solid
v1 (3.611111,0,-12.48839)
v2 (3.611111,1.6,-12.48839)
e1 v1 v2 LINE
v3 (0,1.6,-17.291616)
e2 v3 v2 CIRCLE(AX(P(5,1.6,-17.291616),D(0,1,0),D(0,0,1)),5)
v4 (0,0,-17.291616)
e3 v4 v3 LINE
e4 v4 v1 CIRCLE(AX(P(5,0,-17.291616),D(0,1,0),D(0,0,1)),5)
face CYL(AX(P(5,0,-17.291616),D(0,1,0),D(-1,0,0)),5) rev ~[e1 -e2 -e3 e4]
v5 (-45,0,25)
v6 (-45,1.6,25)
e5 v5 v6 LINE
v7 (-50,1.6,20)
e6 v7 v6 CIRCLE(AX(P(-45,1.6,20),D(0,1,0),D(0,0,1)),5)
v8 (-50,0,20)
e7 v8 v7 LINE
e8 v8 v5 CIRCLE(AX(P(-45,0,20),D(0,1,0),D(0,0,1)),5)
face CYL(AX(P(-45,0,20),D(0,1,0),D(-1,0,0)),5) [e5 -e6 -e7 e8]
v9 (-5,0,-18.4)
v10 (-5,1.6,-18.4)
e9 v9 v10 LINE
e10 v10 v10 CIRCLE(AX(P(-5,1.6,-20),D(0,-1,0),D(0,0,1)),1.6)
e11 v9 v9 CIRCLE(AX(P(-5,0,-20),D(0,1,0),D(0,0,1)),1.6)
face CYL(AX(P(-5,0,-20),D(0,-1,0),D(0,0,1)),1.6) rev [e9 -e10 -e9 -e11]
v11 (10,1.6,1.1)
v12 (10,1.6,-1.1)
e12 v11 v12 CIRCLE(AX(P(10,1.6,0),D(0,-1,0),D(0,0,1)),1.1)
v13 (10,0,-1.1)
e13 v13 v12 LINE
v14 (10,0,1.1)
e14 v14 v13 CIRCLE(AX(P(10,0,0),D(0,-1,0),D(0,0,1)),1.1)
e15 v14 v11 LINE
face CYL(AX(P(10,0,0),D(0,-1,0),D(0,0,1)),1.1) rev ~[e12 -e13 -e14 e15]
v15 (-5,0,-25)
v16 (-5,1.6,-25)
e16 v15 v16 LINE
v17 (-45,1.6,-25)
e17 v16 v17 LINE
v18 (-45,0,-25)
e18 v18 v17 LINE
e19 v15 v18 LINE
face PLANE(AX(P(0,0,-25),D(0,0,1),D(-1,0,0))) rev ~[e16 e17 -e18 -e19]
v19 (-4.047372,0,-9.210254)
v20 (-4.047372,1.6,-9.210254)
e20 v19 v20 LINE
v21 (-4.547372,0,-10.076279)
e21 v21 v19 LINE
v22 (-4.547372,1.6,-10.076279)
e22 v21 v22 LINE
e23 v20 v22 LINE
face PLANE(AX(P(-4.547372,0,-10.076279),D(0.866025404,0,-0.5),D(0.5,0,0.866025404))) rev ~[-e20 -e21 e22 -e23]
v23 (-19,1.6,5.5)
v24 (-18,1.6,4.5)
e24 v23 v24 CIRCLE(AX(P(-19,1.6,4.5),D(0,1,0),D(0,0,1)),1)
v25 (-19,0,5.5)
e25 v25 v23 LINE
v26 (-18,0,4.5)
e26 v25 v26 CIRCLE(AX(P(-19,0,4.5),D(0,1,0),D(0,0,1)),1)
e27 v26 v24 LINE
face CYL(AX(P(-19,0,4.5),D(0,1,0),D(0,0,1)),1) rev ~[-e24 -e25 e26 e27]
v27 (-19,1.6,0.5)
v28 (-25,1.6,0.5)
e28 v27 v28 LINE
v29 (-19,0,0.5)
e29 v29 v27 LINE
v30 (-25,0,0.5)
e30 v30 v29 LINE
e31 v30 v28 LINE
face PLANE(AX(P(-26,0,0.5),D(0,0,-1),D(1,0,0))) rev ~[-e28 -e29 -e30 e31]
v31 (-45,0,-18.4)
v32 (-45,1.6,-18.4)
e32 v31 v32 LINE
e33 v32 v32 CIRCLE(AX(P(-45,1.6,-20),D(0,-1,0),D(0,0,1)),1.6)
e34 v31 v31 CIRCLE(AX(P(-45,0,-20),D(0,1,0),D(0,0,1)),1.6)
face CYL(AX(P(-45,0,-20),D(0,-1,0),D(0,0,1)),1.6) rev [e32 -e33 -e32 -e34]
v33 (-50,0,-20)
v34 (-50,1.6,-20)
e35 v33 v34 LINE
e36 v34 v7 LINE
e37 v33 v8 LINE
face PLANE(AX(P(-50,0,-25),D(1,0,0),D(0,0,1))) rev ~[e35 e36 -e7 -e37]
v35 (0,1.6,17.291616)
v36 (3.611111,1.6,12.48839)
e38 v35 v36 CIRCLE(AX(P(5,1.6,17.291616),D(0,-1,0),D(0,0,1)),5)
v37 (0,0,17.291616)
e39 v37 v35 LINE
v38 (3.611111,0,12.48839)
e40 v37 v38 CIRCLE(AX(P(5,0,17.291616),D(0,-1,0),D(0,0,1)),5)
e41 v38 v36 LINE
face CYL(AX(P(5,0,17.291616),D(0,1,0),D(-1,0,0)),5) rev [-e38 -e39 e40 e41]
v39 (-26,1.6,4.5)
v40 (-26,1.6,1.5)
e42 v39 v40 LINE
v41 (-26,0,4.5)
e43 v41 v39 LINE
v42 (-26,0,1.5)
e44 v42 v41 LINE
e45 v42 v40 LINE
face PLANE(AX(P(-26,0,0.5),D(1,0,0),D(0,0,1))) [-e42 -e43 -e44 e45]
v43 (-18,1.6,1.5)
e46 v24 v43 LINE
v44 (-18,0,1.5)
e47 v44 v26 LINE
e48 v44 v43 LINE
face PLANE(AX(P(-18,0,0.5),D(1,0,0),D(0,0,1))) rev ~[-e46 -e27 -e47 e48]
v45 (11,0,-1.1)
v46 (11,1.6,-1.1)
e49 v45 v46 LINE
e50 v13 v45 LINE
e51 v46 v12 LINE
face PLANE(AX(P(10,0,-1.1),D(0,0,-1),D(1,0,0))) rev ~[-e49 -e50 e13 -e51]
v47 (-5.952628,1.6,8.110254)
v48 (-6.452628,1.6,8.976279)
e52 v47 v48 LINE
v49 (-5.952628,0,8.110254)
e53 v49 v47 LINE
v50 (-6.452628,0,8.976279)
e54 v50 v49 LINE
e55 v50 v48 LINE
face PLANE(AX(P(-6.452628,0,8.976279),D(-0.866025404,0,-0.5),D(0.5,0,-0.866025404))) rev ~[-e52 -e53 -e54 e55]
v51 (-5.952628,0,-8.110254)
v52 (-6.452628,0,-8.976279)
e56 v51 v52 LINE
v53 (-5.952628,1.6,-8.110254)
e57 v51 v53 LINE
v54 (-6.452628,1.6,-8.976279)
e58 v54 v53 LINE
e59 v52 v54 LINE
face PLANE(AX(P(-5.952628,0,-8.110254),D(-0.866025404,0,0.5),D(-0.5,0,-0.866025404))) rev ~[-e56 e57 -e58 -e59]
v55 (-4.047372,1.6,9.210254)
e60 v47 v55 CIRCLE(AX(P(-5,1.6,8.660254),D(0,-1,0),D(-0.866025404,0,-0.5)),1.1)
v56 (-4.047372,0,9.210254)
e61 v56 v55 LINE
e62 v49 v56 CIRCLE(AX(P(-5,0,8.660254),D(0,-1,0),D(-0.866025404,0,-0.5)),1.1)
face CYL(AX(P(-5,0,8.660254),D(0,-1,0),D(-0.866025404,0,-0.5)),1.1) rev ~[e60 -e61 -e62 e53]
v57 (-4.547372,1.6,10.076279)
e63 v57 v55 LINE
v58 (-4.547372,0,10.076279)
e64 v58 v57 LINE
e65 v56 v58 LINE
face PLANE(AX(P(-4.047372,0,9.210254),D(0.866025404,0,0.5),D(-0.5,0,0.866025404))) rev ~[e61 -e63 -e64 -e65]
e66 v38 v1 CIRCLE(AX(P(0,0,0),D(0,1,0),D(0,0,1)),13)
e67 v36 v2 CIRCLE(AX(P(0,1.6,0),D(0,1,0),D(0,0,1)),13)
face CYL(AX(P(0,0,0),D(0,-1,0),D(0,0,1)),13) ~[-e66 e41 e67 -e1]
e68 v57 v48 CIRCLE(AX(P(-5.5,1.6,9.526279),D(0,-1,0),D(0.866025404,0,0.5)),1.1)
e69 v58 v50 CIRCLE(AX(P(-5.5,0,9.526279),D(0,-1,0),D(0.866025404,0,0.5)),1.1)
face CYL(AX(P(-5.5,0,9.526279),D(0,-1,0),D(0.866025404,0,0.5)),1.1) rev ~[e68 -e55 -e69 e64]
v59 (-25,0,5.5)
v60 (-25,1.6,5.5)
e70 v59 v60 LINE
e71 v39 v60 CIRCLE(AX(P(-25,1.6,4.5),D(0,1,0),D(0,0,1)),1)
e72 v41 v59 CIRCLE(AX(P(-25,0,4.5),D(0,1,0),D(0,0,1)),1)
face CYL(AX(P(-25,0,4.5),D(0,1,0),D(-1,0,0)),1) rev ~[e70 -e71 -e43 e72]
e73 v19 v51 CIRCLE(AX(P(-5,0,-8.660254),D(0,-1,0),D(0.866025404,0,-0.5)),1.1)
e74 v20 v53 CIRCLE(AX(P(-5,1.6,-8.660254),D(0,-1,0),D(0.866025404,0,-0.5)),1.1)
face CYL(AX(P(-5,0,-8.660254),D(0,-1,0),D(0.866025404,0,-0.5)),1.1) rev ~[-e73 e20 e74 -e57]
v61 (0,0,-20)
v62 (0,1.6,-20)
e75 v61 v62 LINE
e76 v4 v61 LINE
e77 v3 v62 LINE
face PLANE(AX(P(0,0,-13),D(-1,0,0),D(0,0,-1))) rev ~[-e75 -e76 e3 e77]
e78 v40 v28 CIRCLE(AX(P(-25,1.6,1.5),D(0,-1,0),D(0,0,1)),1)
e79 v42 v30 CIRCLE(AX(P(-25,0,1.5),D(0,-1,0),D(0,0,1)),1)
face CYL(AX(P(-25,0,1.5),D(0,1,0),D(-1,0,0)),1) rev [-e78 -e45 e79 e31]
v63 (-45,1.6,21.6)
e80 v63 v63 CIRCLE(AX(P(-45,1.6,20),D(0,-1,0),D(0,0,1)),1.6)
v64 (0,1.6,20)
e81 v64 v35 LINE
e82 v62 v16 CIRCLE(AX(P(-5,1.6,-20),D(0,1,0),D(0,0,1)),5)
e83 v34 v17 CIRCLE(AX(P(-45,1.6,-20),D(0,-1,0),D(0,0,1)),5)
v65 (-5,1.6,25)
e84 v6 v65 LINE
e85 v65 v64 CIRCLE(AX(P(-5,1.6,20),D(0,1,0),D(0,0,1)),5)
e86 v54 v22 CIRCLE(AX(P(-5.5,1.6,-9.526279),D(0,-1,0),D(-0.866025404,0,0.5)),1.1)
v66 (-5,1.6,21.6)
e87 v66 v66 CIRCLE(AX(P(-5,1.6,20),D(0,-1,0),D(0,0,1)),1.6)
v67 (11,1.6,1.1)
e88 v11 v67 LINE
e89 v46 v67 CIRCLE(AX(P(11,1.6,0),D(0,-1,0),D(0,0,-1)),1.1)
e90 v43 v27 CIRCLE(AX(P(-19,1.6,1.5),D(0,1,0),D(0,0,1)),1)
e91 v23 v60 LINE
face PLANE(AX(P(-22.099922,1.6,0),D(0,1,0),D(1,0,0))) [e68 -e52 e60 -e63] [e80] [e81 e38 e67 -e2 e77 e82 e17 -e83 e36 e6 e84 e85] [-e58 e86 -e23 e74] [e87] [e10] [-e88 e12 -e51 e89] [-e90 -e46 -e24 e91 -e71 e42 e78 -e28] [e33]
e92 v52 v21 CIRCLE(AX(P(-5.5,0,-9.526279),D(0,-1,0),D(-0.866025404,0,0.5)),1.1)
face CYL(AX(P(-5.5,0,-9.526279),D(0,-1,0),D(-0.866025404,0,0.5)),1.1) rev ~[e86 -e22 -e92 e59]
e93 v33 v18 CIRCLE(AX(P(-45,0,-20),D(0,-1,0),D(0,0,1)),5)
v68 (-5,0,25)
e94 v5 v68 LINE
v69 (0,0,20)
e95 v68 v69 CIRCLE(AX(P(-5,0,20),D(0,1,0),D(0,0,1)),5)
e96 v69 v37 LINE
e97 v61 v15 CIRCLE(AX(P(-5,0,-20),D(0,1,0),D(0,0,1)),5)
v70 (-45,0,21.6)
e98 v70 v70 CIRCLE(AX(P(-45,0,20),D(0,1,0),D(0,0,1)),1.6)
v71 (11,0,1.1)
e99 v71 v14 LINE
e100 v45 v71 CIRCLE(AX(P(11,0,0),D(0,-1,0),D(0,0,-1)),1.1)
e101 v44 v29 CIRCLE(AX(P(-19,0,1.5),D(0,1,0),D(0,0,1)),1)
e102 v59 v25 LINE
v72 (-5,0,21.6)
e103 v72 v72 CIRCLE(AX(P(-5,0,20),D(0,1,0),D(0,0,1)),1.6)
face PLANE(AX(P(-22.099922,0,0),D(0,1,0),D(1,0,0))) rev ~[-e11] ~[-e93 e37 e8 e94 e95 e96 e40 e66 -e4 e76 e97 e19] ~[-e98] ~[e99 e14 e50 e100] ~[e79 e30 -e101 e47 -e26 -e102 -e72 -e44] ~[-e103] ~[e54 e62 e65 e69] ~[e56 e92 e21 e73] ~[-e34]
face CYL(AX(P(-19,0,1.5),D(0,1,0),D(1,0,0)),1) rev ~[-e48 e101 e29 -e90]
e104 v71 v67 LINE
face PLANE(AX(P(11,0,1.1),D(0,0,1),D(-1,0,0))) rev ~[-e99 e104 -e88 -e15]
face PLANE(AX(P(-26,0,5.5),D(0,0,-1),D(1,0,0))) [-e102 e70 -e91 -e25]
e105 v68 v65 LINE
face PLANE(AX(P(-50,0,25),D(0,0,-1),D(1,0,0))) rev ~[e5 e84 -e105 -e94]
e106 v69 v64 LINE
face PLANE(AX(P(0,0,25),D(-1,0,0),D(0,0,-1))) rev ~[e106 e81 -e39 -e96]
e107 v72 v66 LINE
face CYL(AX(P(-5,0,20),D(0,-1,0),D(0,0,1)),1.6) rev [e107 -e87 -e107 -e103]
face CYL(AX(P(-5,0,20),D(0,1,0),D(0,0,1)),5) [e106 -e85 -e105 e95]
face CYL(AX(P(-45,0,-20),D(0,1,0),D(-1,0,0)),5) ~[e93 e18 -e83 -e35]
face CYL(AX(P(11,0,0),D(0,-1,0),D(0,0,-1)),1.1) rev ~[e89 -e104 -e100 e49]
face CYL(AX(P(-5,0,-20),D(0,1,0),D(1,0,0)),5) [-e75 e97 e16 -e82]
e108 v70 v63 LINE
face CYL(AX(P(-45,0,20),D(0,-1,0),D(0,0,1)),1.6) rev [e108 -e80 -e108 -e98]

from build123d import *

# Parameters (mm, degrees)
BOSS_EXTRUDE1_DEPTH = 1.6
FILLET1_R           = 5
CUT_EXTRUDE1_DEPTH  = 56.924592086
SKETCH3_R           = 1.6
CUT_EXTRUDE2_DEPTH  = 56.924592086
FILLET2_R           = 5
SKETCH4_W           = 8
SKETCH4_H           = 5
CUT_EXTRUDE3_DEPTH  = 56.924592086
FILLET3_R           = 1


with BuildPart() as part:
    # Sketch1 → Boss-Extrude1 (new body)
    with BuildSketch(Plane(origin=(0, 0, 0), x_dir=(1, 0, 0), z_dir=(0, 1, 0))):
        with BuildLine():
            Line((-50, 25), (-50, -25))
            Line((-50, -25), (0, -25))
            Line((0, -25), (0, -13))
            ThreePointArc((0, -13), (13, 0), (0, 13))
            Line((0, 13), (0, 25))
            Line((0, 25), (-50, 25))
        make_face()
    extrude(amount=BOSS_EXTRUDE1_DEPTH)

    # Fillet1
    fillet1_edges = [part.edges().sort_by_distance(p)[0] for p in [
        (-50, 0.8, 25),
        (-50, 0.8, -25),
        (0, 0.8, -25),
        (0, 0.8, 25),
    ]]
    fillet(fillet1_edges, radius=FILLET1_R)

    # Sketch2 → Cut-Extrude1 (cut, through all)
    with BuildSketch(Plane(origin=(0, 0, 0), x_dir=(1, 0, 0), z_dir=(0, 1, 0))):
        with BuildLine():
            Line((-6.452627944, -8.976279442), (-5.952627944, -8.110254038))
            ThreePointArc((-5.952627944, -8.110254038), (-4.45, -7.707626094), (-4.047372056, -9.210254038))
            Line((-4.047372056, -9.210254038), (-4.547372056, -10.076279442))
            ThreePointArc((-4.547372056, -10.076279442), (-6.05, -10.478907386), (-6.452627944, -8.976279442))
        make_face()
        with BuildLine():
            Line((10, 1.1), (11, 1.1))
            ThreePointArc((11, 1.1), (12.1, 0), (11, -1.1))
            Line((11, -1.1), (10, -1.1))
            ThreePointArc((10, -1.1), (8.9, 0), (10, 1.1))
        make_face()
        with BuildLine():
            Line((-5.952627944, 8.110254038), (-6.452627944, 8.976279442))
            ThreePointArc((-6.452627944, 8.976279442), (-6.05, 10.478907386), (-4.547372056, 10.076279442))
            Line((-4.547372056, 10.076279442), (-4.047372056, 9.210254038))
            ThreePointArc((-4.047372056, 9.210254038), (-4.45, 7.707626094), (-5.952627944, 8.110254038))
        make_face()
    extrude(amount=CUT_EXTRUDE1_DEPTH, mode=Mode.SUBTRACT)

    # Sketch3 → Cut-Extrude2 (cut, through all)
    with BuildSketch(Plane(origin=(0, 0, 0), x_dir=(1, 0, 0), z_dir=(0, 1, 0))):
        with Locations((-45, 20)):
            Circle(SKETCH3_R)
        with Locations((-5, 20)):
            Circle(SKETCH3_R)
        with Locations((-5, -20)):
            Circle(SKETCH3_R)
        with Locations((-45, -20)):
            Circle(SKETCH3_R)
    extrude(amount=CUT_EXTRUDE2_DEPTH, mode=Mode.SUBTRACT)

    # Fillet2
    fillet2_edges = [part.edges().sort_by_distance(p)[0] for p in [
        (0, 0.8, -13),
        (0, 0.8, 13),
    ]]
    fillet(fillet2_edges, radius=FILLET2_R)

    # Sketch4 → Cut-Extrude3 (cut, through all)
    with BuildSketch(Plane.XZ):
        with Locations((-22, 3)):
            Rectangle(SKETCH4_W, SKETCH4_H)
    extrude(amount=-CUT_EXTRUDE3_DEPTH, mode=Mode.SUBTRACT)

    # Fillet3
    fillet3_edges = [part.edges().sort_by_distance(p)[0] for p in [
        (-18, 0.8, 5.5),
        (-18, 0.8, 0.5),
        (-26, 0.8, 0.5),
        (-26, 0.8, 5.5),
    ]]
    fillet(fillet3_edges, radius=FILLET3_R)


solid = part.part
